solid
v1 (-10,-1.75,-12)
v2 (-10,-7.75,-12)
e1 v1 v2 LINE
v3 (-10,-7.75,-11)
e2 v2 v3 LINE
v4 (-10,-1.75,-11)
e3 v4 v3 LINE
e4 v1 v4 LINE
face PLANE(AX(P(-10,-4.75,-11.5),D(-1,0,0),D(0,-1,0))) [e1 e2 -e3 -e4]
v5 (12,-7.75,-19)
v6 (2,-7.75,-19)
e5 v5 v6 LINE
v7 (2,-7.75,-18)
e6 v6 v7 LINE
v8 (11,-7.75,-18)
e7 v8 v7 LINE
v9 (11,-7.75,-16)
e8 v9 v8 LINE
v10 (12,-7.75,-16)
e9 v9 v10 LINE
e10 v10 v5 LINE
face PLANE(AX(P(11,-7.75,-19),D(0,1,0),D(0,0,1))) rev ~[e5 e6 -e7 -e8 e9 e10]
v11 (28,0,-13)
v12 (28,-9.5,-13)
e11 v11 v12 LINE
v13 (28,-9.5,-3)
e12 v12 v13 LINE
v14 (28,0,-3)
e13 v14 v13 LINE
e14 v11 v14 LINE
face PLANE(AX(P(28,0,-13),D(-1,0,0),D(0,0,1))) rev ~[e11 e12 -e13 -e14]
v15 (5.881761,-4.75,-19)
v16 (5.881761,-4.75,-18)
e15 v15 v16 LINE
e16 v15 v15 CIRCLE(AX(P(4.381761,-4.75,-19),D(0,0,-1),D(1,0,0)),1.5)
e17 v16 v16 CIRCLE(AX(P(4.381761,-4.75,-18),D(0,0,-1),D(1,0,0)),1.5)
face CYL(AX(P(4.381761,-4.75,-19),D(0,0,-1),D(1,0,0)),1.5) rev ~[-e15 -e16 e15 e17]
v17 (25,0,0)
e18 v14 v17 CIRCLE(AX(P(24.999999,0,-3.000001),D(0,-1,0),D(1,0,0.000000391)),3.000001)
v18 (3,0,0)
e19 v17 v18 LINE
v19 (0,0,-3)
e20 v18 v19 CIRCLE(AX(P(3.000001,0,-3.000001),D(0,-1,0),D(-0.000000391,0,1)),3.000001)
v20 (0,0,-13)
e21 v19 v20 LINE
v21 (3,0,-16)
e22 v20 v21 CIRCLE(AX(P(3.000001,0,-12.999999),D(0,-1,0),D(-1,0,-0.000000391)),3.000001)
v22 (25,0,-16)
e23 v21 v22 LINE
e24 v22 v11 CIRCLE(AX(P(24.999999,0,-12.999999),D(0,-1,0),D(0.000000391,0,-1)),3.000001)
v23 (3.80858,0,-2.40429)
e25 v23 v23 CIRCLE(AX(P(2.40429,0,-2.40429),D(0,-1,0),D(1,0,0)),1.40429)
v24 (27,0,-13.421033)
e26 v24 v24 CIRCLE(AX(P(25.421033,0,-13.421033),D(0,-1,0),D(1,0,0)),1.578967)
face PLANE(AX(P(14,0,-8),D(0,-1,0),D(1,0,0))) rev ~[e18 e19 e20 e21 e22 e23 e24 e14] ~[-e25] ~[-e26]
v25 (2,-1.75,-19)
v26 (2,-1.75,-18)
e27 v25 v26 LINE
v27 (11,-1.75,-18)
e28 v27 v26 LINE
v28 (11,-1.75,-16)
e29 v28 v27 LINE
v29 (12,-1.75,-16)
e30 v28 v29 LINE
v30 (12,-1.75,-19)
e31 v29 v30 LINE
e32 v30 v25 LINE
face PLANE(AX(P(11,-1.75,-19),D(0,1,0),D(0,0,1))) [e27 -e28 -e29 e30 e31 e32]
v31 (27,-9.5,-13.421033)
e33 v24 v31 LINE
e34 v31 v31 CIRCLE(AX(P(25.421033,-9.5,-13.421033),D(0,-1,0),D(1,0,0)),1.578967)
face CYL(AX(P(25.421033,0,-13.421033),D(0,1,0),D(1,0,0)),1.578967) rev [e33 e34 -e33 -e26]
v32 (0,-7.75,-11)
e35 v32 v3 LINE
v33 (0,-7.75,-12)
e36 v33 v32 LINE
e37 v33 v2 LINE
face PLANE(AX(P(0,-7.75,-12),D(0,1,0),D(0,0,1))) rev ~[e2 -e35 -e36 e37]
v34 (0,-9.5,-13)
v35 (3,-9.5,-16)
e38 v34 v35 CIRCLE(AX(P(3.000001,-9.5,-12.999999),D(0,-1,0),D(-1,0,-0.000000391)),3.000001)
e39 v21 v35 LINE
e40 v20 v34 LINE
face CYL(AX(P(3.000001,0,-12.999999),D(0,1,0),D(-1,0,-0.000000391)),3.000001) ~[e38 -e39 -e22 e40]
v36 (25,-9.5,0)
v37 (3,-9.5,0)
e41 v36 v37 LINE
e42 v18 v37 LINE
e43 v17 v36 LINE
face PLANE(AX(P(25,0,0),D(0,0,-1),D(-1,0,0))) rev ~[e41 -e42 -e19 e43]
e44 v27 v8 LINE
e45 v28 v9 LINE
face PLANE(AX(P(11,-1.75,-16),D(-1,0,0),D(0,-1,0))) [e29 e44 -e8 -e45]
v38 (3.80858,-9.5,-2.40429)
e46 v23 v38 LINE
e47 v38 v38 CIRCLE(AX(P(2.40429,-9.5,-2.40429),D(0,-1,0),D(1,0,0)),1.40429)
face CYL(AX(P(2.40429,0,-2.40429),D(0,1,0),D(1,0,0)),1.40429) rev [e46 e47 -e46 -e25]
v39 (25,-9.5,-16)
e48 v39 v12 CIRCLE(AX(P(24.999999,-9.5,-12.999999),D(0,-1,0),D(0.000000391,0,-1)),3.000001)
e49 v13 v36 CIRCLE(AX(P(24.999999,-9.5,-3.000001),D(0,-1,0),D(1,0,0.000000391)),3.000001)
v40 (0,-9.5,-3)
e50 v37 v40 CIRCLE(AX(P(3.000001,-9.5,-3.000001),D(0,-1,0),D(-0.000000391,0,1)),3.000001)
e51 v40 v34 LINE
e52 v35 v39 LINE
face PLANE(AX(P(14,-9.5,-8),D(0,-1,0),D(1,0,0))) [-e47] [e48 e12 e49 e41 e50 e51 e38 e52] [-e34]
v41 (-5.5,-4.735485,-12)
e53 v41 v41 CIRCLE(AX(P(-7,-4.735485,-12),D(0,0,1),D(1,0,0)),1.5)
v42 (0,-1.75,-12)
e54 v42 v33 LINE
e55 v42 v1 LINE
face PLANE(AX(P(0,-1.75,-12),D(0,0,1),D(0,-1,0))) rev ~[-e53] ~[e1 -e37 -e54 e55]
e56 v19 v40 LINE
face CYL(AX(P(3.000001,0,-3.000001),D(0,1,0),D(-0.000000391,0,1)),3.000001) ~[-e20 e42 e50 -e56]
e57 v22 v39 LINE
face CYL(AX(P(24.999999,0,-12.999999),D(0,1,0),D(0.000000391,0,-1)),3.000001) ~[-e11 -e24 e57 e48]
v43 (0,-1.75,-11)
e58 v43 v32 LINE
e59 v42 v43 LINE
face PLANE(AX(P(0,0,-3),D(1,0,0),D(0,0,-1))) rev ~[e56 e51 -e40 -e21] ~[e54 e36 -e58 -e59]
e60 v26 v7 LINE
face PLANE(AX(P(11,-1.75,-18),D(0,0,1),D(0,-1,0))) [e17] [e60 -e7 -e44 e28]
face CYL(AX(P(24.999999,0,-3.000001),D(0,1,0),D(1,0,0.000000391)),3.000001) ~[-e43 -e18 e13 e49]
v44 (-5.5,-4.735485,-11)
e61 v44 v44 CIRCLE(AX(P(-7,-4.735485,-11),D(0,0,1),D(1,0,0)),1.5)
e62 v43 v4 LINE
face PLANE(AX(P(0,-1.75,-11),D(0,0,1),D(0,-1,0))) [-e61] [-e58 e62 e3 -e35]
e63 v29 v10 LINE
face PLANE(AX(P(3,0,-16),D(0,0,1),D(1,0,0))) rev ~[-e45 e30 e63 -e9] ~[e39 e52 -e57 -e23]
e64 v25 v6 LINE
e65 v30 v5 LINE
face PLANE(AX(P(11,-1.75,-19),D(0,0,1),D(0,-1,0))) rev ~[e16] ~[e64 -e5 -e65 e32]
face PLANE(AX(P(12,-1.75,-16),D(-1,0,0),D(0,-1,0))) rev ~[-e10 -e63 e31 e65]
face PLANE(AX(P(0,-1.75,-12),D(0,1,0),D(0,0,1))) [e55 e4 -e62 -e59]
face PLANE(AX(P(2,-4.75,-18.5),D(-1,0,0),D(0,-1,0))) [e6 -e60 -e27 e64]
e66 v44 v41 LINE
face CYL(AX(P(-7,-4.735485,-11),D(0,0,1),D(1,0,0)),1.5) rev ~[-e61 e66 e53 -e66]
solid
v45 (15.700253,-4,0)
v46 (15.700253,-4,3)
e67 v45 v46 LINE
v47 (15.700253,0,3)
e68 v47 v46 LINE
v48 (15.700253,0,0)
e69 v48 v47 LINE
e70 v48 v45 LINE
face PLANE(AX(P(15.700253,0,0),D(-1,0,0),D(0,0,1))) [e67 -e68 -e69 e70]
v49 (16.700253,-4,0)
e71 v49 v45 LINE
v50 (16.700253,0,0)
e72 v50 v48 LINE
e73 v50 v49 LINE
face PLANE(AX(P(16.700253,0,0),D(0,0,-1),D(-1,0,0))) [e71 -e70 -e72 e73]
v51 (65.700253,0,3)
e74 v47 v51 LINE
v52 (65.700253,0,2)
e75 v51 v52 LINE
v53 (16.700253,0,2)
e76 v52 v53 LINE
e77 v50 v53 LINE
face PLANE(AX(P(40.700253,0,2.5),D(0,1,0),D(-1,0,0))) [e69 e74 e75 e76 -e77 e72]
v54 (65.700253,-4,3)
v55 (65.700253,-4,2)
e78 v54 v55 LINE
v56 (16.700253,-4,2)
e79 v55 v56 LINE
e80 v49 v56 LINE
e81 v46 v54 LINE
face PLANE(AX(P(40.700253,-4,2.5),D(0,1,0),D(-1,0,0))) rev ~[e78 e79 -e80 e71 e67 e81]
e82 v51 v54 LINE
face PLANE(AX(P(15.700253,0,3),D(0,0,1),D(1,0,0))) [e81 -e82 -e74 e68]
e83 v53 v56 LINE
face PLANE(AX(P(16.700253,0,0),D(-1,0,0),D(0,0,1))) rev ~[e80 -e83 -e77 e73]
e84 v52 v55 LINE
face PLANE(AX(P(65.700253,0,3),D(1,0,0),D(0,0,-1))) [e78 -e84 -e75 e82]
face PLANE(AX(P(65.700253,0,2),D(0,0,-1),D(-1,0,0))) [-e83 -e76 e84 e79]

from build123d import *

# Parameters (mm, degrees)
F0_R      = 1.578967
F0_R_2    = 1.40429
F1_DEPTH  = 9.5
F2_W      = 6
F2_H      = 1
F3_DEPTH  = 10
F4_R      = 1.5
F5_DEPTH  = 25
F6_W      = 1
F6_H      = 6
F7_DEPTH  = 3
F8_W      = 6
F8_H      = 1
F9_DEPTH  = 9
F10_R     = 1.5
F11_DEPTH = 1
F12_W     = 1
F12_H     = 2
F13_DEPTH = 4


with BuildPart() as f1:
    # F0 (on Front) → F1 (new body)
    with BuildSketch(Plane.XZ):
        with BuildLine():
            Line((25, 0), (3, 0))
            ThreePointArc((3, 0), (0.87868, -0.87868), (0, -3))
            Line((0, -3), (0, -13))
            ThreePointArc((0, -13), (0.87868, -15.12132), (3, -16))
            Line((3, -16), (25, -16))
            ThreePointArc((25, -16), (27.12132, -15.12132), (28, -13))
            Line((28, -13), (28, -3))
            ThreePointArc((28, -3), (27.12132, -0.87868), (25, 0))
        make_face()
        with Locations((25.421033, -13.421033)):
            Circle(F0_R, mode=Mode.SUBTRACT)
        with Locations((2.40429, -2.40429)):
            Circle(F0_R_2, mode=Mode.SUBTRACT)
    extrude(amount=F1_DEPTH)

    # F2 (on face) → F3 (join)
    with BuildSketch(Plane(origin=(0, 0, 0), x_dir=(0, -1, 0), z_dir=(-1, 0, 0))):
        with Locations((4.75, -11.5)):
            Rectangle(F2_W, F2_H)
    extrude(amount=F3_DEPTH)

    # F4 (on face) → F5 (cut)
    with BuildSketch(Plane.XY.offset(-11)):
        with Locations((-7, -4.735485)):
            Circle(F4_R)
    extrude(amount=-F5_DEPTH, mode=Mode.SUBTRACT)

    # F6 (on face) → F7 (join)
    with BuildSketch(Plane(origin=(0, 0, -16), x_dir=(1, 0, 0), z_dir=(0, 0, -1))):
        with Locations((11.5, 4.75)):
            Rectangle(F6_W, F6_H)
    extrude(amount=F7_DEPTH)

    # F8 (on face) → F9 (join)
    with BuildSketch(Plane(origin=(11, 0, 0), x_dir=(0, -1, 0), z_dir=(-1, 0, 0))):
        with Locations((4.75, -18.5)):
            Rectangle(F8_W, F8_H)
    extrude(amount=F9_DEPTH)

    # F10 (on face) → F11 (cut)
    with BuildSketch(Plane(origin=(0, 0, -19), x_dir=(1, 0, 0), z_dir=(0, 0, -1))):
        with Locations((4.381761, 4.75)):
            Circle(F10_R)
    extrude(amount=-F11_DEPTH, mode=Mode.SUBTRACT)


with BuildPart() as f13:
    # F12 (on face) → F13 (new body)
    with BuildSketch(Plane(origin=(0, 0, 0), x_dir=(-1, 0, 0), z_dir=(0, 1, 0))):
        Polygon((-16.700253, 2), (-15.700253, 2), (-15.700253, 3), (-65.700253, 3), (-65.700253, 2), align=None)
        with Locations((-16.200253, 1)):
            Rectangle(F12_W, F12_H)
    extrude(amount=-F13_DEPTH)


solid = Compound([f1.part, f13.part])
